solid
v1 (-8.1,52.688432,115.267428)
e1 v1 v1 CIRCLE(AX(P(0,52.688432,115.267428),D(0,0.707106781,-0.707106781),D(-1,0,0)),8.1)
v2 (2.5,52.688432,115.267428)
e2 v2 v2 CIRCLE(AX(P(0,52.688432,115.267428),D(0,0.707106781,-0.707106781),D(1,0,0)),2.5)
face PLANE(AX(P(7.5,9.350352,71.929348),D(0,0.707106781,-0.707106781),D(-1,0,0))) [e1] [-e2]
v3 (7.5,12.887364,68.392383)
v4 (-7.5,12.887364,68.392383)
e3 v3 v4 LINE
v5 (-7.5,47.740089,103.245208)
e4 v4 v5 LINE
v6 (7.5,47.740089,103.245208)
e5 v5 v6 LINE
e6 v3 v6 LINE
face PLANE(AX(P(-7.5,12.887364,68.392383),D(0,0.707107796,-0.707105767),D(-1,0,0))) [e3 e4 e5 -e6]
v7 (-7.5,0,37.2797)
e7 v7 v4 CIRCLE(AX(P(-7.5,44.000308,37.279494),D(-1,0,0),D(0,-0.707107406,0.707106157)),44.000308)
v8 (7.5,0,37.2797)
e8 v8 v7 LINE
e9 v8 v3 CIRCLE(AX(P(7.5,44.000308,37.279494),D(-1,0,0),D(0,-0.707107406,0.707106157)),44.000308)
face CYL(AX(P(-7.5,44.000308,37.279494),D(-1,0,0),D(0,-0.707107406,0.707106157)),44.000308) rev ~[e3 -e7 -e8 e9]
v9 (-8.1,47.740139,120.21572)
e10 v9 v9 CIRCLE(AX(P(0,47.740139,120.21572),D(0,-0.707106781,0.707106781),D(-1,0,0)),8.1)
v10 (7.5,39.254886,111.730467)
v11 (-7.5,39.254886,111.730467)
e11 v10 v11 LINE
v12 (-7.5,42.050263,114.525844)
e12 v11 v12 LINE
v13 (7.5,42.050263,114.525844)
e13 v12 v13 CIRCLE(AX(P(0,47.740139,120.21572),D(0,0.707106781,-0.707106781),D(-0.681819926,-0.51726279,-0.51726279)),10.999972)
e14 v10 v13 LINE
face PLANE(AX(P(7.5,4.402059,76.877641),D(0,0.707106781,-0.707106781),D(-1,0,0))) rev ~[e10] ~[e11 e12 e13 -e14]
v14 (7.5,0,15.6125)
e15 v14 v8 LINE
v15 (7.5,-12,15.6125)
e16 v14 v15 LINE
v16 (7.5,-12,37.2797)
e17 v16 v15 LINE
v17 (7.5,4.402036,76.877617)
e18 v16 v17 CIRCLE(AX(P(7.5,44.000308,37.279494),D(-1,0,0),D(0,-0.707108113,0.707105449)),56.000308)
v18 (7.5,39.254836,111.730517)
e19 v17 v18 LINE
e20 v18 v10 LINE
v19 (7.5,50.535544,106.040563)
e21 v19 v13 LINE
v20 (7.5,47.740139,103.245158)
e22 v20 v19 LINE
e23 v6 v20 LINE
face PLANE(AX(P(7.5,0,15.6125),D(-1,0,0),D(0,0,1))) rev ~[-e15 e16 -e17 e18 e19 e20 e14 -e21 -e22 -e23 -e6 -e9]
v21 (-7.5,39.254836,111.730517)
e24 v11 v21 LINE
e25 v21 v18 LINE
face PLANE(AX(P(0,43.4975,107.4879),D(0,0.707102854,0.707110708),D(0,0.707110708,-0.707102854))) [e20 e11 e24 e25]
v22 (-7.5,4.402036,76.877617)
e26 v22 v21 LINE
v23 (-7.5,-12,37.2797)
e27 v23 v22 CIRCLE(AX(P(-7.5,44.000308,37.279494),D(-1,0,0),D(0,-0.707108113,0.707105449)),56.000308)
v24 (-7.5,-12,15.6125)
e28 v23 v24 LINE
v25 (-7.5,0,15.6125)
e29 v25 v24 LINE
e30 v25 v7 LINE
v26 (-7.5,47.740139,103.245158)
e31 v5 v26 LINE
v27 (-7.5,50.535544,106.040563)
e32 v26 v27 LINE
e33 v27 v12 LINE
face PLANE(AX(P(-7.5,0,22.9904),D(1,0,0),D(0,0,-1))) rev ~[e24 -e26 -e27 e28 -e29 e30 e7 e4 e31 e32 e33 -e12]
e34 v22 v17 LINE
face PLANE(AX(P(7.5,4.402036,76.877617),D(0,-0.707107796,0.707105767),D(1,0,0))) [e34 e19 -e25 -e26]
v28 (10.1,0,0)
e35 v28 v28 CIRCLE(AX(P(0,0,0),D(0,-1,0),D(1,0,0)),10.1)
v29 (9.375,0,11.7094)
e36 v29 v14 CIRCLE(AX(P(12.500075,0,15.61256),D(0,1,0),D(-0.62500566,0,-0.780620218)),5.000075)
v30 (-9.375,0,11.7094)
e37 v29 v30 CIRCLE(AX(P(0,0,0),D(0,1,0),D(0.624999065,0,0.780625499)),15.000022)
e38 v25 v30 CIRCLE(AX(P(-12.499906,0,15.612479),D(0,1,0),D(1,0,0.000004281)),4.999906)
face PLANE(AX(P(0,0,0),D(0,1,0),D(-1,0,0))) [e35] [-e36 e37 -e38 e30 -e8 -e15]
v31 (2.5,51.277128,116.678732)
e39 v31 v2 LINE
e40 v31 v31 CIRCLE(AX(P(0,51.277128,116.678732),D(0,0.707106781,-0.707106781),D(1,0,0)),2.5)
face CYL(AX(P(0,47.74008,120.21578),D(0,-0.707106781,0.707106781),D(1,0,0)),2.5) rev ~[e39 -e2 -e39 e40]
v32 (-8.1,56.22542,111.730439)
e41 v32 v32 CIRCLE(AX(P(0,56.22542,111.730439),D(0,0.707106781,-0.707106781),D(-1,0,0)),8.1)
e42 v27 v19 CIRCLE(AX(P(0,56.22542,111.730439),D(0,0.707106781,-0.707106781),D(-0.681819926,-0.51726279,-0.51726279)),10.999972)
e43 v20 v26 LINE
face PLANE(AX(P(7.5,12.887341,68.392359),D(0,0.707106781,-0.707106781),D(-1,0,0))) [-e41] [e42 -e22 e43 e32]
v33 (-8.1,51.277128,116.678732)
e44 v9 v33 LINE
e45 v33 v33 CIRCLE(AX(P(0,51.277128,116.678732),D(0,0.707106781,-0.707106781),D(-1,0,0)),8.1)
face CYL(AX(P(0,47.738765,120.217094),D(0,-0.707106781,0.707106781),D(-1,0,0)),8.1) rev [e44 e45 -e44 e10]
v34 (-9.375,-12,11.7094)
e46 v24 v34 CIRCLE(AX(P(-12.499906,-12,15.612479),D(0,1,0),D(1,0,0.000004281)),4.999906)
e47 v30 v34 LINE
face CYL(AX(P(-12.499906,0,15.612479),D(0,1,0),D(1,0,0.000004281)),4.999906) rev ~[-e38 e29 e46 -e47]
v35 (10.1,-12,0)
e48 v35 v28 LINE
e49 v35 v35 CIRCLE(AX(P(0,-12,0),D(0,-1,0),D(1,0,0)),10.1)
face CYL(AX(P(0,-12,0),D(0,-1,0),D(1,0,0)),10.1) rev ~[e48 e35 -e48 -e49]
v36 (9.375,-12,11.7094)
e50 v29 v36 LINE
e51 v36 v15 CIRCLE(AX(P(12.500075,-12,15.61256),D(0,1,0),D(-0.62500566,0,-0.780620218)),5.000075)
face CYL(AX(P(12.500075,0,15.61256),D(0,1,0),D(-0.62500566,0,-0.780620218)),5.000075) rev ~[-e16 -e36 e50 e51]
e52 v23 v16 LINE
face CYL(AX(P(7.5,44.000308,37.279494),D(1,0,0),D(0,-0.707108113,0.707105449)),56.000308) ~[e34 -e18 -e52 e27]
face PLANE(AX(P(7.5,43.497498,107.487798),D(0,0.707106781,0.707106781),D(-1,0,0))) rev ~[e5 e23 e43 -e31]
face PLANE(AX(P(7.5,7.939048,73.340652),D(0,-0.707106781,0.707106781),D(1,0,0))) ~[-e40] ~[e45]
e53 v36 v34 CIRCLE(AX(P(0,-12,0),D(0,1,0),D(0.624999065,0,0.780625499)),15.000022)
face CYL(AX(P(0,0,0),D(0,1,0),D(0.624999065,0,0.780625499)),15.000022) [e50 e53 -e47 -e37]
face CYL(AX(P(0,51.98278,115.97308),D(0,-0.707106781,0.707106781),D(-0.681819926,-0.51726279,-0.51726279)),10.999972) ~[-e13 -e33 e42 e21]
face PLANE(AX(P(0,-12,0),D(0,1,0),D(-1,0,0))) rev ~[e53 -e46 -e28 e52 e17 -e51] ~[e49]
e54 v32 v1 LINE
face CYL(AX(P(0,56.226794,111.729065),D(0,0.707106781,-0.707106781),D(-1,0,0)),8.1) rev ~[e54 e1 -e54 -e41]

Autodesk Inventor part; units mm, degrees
ref_plane "YZ Plane" through (0, 0, 0) normal (1, 0, 0) x (0, 1, 0)
ref_plane "XZ Plane" through (0, 0, 0) normal (0, 1, 0) x (-1, 0, 0)
sketch "Sketch1" plane through (0, 0, 0) normal (0, 1, 0) x (-1, 0, 0)
  arc A0 (-9.375, 11.7094) -> (9.375, 11.7094) centre (0, 0) ccw
  line L0 (-7.5, 15.6125) -> (-7.5, 22.9904)
  line L1 (7.5, 22.9904) -> (7.5, 15.6125)
  line L2 (7.5, 22.9904) -> (-7.5, 22.9904)
  arc A1 (7.5, 15.6125) -> (9.375, 11.7094) centre (12.5, 15.6125) ccw
  arc A2 (-9.375, 11.7094) -> (-7.5, 15.6125) centre (-12.5, 15.6125) ccw
  point P0 (7.5, 12.9904)
  point P1 (-7.5, 12.9904)
  point P2 (0, 12.9904)
  point P3 (0, 22.9904)
  dimension "d0" = 30
  dimension "d109" = 5
  dimension "d129" = 15
  dimension "d131" = 10
  dimension "d132" = 12.9904
extrude "Extrusion1" add sketch "Sketch1" against normal blind 12
sketch "Sketch22" plane through (-7.5, 0, 22.9904) normal (0, 0, 1) x (1, 0, 0)
  line L0 (0, 0) -> (0, -12) projected
  line L1 (15, -12) -> (0, -12) projected
  line L2 (0, 0) -> (15, 0)
  line L3 (15, 0) -> (15, -12)
  line L4 (15, -12) -> (0, -12)
  line L5 (0, -12) -> (0, 0)
  point P0 (7.5, 0)
sketch "Sketch23" plane through (0, 0, 0) normal (1, 0, 0) x (0, 1, 0)
  line L0 (0, 22.9904) -> (-12, 22.9904) projected
  line L1 (-6, 22.9904) -> (-6, 37.2797)
  line L2 (8.6447, 72.635) -> (43.4975, 107.4879)
  arc A0 (8.6447, 72.635) -> (-6, 37.2797) centre (44, 37.2797) ccw
  point P0 (0, 0)
  point P1 (-6, 57.9904)
  dimension "d110" = 35
  dimension "d111" = 70
  dimension "d112" = 135
  dimension "d113" = 50
sweep "Sweep2" add profiles "Sketch22" path "Sketch23" path curves L1 A0 L2
ref_plane "Work Plane11" through (7.5, 8.6447, 72.635) normal (0, 0.7071, -0.7071) x (-1, 0, 0)
sketch "Sketch24" plane through (7.5, 8.6447, 72.635) normal (0, 0.7071, -0.7071) x (-1, 0, 0)
  line L0 (0, 49.2893) -> (15, 49.2893)
  line L1 (0, 49.2893) -> (15, 49.2893)
  line L2 (0, 49.2893) -> (0, 53.2426)
  line L3 (15, 49.2893) -> (15, 53.2426)
  arc A0 (15, 53.2426) -> (0, 53.2426) centre (7.5, 61.2893) ccw
  line L4 (0, 49.2893) -> (15, 49.2893) projected
  point P0 (7.5, -57.4734)
  point P1 (7.5, 49.2893)
  point P2 (7.5, 49.2893)
  dimension "d136" = 22
  dimension "d137" = 12
extrude "Extrusion17" add sketch "Sketch24" along normal mid plane 12
sketch "Sketch25" plane through (-7.5, 4.402, 76.8777) normal (0, -0.7071, 0.7071) x (1, 0, 0)
  arc A0 (15, 53.2426) -> (0, 53.2426) centre (7.5, 61.2893) ccw projected
  circle A1 centre (7.5, 61.2893) radius 2.5
  point P0 (7.5, -57.4734)
  dimension "d138" = 5
extrude "Extrusion18" cut sketch "Sketch25" against normal through all
sketch "Sketch26" plane through (0, -12, 0) normal (0, -1, 0) x (1, 0, 0)
  circle A0 centre (0, 0) radius 10.1
  dimension "d133" = 20.2
extrude "Extrusion19" cut sketch "Sketch26" against normal through all
sketch "Sketch27" plane through (7.5, 12.8873, 68.3924) normal (0, 0.7071, -0.7071) x (-1, 0, 0)
  circle A0 centre (7.5, 61.2893) radius 2.5 projected
  circle A1 centre (7.5, 61.2893) radius 8.1
  point P0 (7.5, -57.4734)
  dimension "d139" = 16.2
extrude "Extrusion20" cut sketch "Sketch27" against normal blind 5
mirror "Mirror2" about plane through (7.5, 8.6447, 72.635) normal (0, 0.7071, -0.7071) of "Extrusion20"
properties part number "proximal_link_2"
